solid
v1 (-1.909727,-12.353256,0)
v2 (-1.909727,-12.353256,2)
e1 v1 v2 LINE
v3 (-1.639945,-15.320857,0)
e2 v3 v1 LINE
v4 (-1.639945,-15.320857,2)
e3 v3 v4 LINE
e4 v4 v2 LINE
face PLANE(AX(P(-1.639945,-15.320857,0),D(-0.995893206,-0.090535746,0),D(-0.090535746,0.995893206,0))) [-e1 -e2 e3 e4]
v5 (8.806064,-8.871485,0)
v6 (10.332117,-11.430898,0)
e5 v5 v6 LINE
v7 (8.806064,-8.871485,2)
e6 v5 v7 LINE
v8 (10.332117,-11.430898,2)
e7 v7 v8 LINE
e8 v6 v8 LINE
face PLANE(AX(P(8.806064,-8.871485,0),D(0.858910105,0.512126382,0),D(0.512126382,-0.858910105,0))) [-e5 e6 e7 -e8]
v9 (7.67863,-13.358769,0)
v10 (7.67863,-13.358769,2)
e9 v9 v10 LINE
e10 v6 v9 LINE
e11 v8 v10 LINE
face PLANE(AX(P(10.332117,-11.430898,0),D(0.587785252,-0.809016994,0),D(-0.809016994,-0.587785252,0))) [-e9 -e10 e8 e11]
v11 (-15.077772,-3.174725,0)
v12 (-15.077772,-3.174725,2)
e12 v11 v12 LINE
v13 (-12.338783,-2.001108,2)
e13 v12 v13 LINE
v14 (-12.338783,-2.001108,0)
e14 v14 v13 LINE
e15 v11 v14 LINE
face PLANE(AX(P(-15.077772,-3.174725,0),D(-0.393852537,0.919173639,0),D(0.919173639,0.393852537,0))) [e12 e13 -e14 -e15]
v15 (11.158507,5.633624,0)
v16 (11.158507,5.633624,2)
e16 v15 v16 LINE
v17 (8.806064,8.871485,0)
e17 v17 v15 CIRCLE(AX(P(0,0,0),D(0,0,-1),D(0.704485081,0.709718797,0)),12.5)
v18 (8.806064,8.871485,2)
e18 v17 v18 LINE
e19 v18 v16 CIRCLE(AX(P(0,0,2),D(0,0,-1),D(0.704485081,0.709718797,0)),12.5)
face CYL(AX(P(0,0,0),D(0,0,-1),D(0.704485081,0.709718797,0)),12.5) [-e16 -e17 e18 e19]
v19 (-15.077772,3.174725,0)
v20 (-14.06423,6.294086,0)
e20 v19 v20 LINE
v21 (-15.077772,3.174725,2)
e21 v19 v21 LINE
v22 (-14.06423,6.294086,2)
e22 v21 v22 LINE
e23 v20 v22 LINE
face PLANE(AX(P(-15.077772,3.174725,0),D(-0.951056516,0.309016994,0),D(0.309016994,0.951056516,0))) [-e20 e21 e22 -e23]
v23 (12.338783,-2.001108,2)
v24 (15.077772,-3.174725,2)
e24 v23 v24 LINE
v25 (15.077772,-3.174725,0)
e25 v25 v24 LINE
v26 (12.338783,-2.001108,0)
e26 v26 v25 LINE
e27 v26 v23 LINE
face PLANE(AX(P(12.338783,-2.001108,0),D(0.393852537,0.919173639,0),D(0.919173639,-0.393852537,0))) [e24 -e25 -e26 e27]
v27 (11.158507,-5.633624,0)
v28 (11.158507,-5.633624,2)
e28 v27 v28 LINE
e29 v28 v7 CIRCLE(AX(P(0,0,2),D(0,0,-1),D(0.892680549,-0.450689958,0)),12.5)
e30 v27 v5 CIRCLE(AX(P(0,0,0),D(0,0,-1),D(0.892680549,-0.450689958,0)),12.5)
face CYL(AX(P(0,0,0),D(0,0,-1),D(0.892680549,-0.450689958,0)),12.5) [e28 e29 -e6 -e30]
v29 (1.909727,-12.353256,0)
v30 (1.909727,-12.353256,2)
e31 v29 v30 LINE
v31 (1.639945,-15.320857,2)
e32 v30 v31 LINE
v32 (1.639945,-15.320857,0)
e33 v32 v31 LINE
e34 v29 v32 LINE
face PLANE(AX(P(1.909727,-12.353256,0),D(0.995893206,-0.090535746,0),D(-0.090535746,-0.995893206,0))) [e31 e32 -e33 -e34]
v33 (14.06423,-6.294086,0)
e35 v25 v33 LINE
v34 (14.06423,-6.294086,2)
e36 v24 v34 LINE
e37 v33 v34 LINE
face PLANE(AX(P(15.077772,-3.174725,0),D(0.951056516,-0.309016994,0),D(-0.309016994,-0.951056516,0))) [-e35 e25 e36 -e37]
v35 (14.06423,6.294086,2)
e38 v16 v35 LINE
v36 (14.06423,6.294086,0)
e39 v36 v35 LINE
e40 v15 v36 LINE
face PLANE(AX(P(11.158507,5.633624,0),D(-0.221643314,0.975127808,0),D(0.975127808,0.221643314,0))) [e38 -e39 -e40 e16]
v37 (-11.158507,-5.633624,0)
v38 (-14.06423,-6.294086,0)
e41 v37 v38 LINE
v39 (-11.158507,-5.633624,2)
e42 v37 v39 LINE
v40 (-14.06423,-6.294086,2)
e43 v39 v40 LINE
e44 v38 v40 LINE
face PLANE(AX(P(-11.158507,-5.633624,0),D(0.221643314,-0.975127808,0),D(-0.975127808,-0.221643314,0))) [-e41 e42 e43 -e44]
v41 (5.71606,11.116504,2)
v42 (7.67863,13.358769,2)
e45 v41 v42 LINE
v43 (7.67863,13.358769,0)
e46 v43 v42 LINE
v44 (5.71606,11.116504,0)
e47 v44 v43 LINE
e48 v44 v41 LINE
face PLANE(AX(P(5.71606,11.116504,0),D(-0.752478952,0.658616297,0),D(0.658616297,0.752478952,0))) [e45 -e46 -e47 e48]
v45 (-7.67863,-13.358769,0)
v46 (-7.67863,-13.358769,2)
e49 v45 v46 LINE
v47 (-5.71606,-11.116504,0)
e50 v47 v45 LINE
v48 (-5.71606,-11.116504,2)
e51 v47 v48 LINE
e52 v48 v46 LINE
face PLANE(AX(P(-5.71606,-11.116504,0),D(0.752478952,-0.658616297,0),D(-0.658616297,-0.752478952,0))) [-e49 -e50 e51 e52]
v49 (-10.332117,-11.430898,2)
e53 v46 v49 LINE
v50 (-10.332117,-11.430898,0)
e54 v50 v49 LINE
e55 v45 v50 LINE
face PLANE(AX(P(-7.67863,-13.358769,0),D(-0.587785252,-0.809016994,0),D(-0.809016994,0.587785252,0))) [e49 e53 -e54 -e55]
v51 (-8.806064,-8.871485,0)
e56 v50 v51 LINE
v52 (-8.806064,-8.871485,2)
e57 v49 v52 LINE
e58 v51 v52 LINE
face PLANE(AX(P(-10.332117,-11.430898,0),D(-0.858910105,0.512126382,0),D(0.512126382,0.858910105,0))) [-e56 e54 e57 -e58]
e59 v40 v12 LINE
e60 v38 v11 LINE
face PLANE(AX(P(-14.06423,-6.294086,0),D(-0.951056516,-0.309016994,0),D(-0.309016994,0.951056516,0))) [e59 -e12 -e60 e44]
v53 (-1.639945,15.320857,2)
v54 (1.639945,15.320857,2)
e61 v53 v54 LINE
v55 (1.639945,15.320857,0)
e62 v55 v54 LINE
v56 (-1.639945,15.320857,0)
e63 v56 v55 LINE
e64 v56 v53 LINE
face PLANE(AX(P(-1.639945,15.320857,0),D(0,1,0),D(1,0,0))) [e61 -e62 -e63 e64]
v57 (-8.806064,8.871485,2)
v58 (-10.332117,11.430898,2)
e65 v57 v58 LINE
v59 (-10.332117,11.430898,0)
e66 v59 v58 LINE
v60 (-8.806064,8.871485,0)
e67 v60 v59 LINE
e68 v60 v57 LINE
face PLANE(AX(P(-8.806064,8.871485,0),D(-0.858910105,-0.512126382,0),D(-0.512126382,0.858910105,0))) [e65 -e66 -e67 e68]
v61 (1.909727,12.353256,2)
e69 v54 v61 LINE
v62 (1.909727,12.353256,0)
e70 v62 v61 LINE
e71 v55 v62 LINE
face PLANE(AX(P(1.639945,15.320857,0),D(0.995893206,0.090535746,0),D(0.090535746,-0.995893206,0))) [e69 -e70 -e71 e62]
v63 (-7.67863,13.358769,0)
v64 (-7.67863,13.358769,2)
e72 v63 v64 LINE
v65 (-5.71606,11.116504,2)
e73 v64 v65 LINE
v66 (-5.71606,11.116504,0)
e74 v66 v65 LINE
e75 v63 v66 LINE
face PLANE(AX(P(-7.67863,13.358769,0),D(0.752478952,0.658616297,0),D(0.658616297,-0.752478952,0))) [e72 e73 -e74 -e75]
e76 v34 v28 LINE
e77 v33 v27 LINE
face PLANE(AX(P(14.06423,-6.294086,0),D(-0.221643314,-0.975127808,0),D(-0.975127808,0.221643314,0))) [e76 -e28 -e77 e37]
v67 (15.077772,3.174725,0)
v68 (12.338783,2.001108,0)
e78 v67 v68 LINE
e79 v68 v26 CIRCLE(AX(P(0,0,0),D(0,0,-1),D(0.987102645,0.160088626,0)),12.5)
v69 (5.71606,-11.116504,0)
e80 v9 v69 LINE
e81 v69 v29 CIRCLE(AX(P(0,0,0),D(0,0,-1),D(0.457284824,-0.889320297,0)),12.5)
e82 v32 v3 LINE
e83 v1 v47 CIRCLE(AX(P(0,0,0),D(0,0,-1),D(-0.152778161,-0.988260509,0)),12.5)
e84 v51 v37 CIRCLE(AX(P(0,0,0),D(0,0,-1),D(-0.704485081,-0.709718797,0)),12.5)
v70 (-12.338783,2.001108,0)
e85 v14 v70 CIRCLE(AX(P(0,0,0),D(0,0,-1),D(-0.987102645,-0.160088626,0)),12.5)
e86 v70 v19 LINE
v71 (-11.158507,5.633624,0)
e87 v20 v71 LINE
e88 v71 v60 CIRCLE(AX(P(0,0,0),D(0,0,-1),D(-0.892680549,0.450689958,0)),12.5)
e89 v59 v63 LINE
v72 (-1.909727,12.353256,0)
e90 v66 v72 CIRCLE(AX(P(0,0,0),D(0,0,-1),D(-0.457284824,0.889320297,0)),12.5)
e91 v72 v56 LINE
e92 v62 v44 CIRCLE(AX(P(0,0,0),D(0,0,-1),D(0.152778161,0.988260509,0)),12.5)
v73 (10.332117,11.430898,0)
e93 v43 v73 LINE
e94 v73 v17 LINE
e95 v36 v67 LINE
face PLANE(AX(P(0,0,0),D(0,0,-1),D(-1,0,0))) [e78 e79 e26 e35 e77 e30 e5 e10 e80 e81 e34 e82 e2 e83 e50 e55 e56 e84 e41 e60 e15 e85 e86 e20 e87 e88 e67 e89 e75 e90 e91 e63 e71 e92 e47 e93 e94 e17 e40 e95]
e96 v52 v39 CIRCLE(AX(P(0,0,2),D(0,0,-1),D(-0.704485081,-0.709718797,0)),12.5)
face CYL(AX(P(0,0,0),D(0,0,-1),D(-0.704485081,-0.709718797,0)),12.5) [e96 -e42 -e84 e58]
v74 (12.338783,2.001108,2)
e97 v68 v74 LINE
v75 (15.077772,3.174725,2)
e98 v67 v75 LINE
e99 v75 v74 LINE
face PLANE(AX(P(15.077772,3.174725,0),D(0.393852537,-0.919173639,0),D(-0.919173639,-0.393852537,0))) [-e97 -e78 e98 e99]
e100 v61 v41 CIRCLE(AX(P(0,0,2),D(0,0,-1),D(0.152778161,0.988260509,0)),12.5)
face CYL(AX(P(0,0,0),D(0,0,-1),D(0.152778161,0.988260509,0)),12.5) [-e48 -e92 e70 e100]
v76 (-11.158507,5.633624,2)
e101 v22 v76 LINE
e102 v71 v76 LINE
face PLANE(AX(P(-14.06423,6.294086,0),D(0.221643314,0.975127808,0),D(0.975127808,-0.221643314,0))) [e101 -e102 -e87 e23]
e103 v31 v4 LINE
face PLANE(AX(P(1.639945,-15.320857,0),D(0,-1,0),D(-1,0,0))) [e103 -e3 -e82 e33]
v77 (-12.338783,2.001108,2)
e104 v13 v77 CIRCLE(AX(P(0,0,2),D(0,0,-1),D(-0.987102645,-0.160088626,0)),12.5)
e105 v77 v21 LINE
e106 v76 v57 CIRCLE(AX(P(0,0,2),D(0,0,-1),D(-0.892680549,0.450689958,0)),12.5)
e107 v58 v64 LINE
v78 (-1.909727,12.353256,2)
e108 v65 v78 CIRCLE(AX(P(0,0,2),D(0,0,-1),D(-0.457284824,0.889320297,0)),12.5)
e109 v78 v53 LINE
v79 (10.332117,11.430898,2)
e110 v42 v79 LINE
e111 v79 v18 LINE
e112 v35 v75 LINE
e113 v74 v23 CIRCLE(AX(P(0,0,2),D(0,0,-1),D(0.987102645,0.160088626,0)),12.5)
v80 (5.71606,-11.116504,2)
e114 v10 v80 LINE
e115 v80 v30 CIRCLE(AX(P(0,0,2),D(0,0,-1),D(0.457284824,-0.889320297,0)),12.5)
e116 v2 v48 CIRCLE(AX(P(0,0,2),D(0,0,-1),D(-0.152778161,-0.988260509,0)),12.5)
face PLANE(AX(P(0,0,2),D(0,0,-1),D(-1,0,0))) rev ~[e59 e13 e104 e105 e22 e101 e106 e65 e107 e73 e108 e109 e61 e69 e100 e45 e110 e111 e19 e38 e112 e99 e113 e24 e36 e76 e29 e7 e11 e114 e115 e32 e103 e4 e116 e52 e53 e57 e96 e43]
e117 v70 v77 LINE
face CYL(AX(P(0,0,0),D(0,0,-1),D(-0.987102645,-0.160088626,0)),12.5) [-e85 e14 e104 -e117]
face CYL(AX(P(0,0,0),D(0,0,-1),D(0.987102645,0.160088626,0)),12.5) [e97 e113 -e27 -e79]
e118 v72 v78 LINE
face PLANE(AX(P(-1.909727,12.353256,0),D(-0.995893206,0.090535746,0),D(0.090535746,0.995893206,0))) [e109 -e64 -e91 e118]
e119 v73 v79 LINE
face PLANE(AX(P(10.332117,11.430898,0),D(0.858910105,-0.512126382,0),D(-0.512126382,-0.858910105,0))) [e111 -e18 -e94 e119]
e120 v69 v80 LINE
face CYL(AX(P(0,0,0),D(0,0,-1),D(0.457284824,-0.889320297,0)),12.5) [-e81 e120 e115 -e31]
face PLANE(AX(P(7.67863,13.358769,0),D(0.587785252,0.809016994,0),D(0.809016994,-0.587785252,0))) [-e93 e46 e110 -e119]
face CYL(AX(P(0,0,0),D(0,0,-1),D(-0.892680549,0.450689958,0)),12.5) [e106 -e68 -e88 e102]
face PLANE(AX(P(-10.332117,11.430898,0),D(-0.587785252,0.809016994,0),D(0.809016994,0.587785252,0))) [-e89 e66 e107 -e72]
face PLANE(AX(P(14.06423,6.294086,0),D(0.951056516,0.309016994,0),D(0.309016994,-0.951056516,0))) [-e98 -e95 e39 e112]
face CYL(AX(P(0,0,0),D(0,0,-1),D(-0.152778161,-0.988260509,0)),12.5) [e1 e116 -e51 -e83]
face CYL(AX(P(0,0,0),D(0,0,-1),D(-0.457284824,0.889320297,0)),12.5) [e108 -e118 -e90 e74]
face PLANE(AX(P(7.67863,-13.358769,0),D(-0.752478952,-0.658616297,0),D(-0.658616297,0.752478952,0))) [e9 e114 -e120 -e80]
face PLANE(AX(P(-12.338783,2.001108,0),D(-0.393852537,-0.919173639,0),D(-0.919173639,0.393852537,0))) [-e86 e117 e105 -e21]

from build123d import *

# Parameters (mm, degrees)
SALIENTE_EXTRUIR1_DEPTH = 2


with BuildPart() as part:
    # Croquis1 → Saliente-Extruir1 (new body)
    with BuildSketch(Plane.XY):
        with BuildLine():
            Line((-1.909727018, 12.353256361), (-1.639945169, 15.320856699))
            Line((-1.639945169, 15.320856699), (1.639945169, 15.320856699))
            Line((1.639945169, 15.320856699), (1.909727018, 12.353256361))
            ThreePointArc((1.909727018, 12.353256361), (3.86271243, 11.888206454), (5.716060295, 11.116503709))
            Line((5.716060295, 11.116503709), (7.678630109, 13.358769022))
            Line((7.678630109, 13.358769022), (10.332117131, 11.430897853))
            Line((10.332117131, 11.430897853), (8.806063519, 8.871484955))
            ThreePointArc((8.806063519, 8.871484955), (10.11271243, 7.347315654), (11.158506856, 5.633624476))
            Line((11.158506856, 5.633624476), (14.064229672, 6.294085627))
            Line((14.064229672, 6.294085627), (15.077771526, 3.174724549))
            Line((15.077771526, 3.174724549), (12.338783063, 2.001107827))
            ThreePointArc((12.338783063, 2.001107827), (12.5, 0), (12.338783063, -2.001107827))
            Line((12.338783063, -2.001107827), (15.077771526, -3.174724549))
            Line((15.077771526, -3.174724549), (14.064229672, -6.294085627))
            Line((14.064229672, -6.294085627), (11.158506856, -5.633624476))
            ThreePointArc((11.158506856, -5.633624476), (10.11271243, -7.347315654), (8.806063519, -8.871484955))
            Line((8.806063519, -8.871484955), (10.332117131, -11.430897853))
            Line((10.332117131, -11.430897853), (7.678630109, -13.358769022))
            Line((7.678630109, -13.358769022), (5.716060295, -11.116503709))
            ThreePointArc((5.716060295, -11.116503709), (3.86271243, -11.888206454), (1.909727018, -12.353256361))
            Line((1.909727018, -12.353256361), (1.639945169, -15.320856699))
            Line((1.639945169, -15.320856699), (-1.639945169, -15.320856699))
            Line((-1.639945169, -15.320856699), (-1.909727018, -12.353256361))
            ThreePointArc((-1.909727018, -12.353256361), (-3.86271243, -11.888206454), (-5.716060295, -11.116503709))
            Line((-5.716060295, -11.116503709), (-7.678630109, -13.358769022))
            Line((-7.678630109, -13.358769022), (-10.332117131, -11.430897853))
            Line((-10.332117131, -11.430897853), (-8.806063519, -8.871484955))
            ThreePointArc((-8.806063519, -8.871484955), (-10.11271243, -7.347315654), (-11.158506856, -5.633624476))
            Line((-11.158506856, -5.633624476), (-14.064229672, -6.294085627))
            Line((-14.064229672, -6.294085627), (-15.077771526, -3.174724549))
            Line((-15.077771526, -3.174724549), (-12.338783063, -2.001107827))
            ThreePointArc((-12.338783063, -2.001107827), (-12.5, 0), (-12.338783063, 2.001107827))
            Line((-12.338783063, 2.001107827), (-15.077771526, 3.174724549))
            Line((-15.077771526, 3.174724549), (-14.064229672, 6.294085627))
            Line((-14.064229672, 6.294085627), (-11.158506856, 5.633624476))
            ThreePointArc((-11.158506856, 5.633624476), (-10.11271243, 7.347315654), (-8.806063519, 8.871484955))
            Line((-8.806063519, 8.871484955), (-10.332117131, 11.430897853))
            Line((-10.332117131, 11.430897853), (-7.678630109, 13.358769022))
            Line((-7.678630109, 13.358769022), (-5.716060295, 11.116503709))
            ThreePointArc((-5.716060295, 11.116503709), (-3.86271243, 11.888206454), (-1.909727018, 12.353256361))
        make_face()
    extrude(amount=SALIENTE_EXTRUIR1_DEPTH)


solid = part.part
